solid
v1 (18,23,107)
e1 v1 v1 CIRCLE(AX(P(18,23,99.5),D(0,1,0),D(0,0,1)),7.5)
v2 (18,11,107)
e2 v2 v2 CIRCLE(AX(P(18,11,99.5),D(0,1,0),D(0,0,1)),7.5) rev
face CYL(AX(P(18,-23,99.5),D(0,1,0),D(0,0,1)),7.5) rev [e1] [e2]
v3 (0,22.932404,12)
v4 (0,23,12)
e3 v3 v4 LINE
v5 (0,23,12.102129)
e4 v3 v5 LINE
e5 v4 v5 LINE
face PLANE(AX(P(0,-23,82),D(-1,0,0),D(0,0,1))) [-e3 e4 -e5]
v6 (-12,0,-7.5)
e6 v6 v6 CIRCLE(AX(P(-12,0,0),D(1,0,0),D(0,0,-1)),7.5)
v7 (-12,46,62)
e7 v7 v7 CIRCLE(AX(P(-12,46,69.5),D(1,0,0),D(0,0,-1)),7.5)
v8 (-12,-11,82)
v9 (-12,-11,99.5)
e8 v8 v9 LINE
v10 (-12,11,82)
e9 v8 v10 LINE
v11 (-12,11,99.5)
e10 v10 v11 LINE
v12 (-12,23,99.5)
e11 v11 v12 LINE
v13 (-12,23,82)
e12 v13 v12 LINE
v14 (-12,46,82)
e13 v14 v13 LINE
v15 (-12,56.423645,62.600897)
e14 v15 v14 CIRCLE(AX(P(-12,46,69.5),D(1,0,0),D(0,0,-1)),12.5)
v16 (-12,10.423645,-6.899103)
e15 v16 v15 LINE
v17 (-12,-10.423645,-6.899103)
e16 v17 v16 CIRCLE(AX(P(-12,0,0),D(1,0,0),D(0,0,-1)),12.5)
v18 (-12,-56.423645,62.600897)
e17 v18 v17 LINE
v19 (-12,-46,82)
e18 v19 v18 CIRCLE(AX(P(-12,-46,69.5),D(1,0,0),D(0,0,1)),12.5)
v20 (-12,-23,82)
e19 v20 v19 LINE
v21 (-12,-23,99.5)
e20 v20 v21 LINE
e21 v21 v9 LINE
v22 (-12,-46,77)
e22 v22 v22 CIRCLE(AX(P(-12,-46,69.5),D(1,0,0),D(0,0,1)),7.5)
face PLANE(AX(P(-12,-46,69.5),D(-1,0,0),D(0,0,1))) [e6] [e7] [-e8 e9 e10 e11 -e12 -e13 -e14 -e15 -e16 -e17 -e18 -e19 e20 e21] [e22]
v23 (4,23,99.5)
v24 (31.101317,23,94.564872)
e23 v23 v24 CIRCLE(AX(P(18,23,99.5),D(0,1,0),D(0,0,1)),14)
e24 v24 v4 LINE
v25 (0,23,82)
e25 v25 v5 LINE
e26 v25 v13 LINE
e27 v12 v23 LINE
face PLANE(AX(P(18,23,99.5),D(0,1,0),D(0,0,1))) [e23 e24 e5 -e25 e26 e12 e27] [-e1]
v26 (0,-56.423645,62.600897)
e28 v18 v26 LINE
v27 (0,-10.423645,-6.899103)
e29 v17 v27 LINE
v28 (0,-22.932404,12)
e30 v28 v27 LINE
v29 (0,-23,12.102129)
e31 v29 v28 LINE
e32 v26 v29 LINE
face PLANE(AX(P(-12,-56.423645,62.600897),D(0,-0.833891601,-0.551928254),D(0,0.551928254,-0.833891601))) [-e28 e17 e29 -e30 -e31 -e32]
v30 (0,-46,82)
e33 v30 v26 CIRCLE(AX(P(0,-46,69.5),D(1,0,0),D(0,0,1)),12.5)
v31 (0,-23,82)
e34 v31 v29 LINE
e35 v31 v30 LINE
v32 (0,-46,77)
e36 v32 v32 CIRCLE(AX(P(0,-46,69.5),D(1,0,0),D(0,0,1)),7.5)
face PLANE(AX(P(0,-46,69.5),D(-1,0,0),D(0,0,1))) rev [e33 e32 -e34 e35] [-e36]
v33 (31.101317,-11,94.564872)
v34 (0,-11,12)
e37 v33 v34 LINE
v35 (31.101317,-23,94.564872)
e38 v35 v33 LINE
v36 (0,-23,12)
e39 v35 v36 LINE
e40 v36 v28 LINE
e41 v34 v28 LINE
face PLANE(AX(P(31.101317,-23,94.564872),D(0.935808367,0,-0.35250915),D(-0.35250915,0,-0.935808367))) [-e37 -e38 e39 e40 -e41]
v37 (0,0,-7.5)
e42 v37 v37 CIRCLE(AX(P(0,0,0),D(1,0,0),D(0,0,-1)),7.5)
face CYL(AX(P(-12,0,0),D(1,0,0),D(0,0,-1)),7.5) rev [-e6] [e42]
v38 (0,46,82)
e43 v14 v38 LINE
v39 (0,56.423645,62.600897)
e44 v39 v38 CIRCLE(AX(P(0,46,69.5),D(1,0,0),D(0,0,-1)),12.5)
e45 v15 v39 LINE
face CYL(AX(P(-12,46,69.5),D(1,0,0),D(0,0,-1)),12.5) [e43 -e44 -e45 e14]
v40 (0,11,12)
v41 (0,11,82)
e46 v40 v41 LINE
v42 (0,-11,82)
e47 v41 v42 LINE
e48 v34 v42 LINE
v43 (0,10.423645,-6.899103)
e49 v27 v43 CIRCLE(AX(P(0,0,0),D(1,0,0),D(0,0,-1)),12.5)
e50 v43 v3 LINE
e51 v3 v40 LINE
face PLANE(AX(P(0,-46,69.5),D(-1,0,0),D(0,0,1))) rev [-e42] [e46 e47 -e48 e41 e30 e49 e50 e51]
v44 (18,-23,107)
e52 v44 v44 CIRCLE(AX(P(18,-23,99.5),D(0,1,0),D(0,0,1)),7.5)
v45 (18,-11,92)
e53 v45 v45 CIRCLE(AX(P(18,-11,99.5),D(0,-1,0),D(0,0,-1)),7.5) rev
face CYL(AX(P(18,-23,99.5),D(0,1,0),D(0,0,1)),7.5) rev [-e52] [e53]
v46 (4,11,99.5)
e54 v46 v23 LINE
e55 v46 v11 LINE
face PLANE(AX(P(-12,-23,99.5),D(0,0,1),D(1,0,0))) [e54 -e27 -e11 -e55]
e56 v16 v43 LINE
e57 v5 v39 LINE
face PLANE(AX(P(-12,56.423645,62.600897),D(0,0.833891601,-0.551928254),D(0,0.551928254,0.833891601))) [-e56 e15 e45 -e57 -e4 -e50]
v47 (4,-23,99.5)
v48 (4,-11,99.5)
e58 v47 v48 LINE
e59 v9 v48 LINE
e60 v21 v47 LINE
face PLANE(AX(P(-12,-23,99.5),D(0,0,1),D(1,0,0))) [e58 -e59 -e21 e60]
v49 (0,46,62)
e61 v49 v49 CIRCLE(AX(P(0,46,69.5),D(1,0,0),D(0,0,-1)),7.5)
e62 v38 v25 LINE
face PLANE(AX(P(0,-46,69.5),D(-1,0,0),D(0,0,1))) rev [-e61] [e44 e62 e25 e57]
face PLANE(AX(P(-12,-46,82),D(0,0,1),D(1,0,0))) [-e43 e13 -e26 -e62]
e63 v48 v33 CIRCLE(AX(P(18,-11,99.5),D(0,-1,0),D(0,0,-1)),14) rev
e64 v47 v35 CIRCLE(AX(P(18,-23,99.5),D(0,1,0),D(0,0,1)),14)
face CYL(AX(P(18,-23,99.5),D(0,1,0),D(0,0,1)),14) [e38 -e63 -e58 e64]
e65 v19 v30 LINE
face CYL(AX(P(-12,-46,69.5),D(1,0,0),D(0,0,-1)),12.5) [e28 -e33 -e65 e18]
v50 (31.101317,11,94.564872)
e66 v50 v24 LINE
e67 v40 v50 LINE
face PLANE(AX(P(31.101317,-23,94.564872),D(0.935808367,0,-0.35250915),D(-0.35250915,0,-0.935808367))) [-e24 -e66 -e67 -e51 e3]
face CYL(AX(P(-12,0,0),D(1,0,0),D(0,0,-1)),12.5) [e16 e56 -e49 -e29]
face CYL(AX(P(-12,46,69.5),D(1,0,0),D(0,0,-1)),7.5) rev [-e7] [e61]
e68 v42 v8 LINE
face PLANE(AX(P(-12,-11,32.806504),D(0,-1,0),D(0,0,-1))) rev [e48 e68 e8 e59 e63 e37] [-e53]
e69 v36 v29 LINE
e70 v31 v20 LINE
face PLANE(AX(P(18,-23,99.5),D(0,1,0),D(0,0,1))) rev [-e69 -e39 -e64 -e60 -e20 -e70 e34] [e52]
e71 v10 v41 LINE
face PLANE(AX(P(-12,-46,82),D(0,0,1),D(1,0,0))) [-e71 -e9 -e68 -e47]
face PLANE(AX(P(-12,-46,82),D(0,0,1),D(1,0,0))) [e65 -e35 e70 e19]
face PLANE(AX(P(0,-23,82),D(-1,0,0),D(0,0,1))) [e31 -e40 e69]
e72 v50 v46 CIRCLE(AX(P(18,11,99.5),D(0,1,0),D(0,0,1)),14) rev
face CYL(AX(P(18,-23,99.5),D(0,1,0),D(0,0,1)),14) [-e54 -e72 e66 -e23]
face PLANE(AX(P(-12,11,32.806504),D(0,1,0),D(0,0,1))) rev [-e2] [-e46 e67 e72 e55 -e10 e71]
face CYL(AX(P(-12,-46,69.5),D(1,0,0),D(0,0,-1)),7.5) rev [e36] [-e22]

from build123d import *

# Parameters (mm, degrees)
SKETCH1_R               = 7.5
BOSS_EXTRUDE1_DEPTH     = 12
SKETCH2_R               = 7.5
BOSS_EXTRUDE2_DEPTH     = 23
CUT_EXTRUDE1_REACH      = 132.347
SKETCH3_W               = 44
SKETCH3_H               = 22
CUT_EXTRUDE2_DEPTH      = 116.656819946
CUT_EXTRUDE2_DEPTH_BACK = 116.656819946
SKETCH4_W               = 28
SKETCH4_H               = 22
CUT_EXTRUDE3_DEPTH      = 116.656819946
CUT_EXTRUDE3_DEPTH_BACK = 116.656819946
SKETCH5_W               = 4
SKETCH5_H               = 22


with BuildPart() as part:
    # Sketch1 → Boss-Extrude1 (new body)
    with BuildSketch(Plane.YZ):
        with BuildLine():
            Line((-46, 82), (46, 82))
            ThreePointArc((46, 82), (57.011103253, 75.416553486), (56.423645014, 62.600896825))
            Line((56.423645014, 62.600896825), (10.423645014, -6.899103175))
            ThreePointArc((10.423645014, -6.899103175), (0, -12.5), (-10.423645014, -6.899103175))
            Line((-10.423645014, -6.899103175), (-56.423645014, 62.600896825))
            ThreePointArc((-56.423645014, 62.600896825), (-57.011103253, 75.416553486), (-46, 82))
        make_face()
        with Locations(Location((0, 0, 0), (0, 0, 270))):
            Circle(SKETCH1_R, mode=Mode.SUBTRACT)
        with Locations(Location((46, 69.5, 0), (0, 0, 270))):
            Circle(SKETCH1_R, mode=Mode.SUBTRACT)
        with Locations(Location((-46, 69.5, 0), (0, 0, 90))):
            Circle(SKETCH1_R, mode=Mode.SUBTRACT)
    extrude(amount=-BOSS_EXTRUDE1_DEPTH)

    # Sketch2 → Boss-Extrude2 (add, symmetric)
    with BuildSketch(Plane(origin=(0, 0, 0), x_dir=(-1, 0, 0), z_dir=(0, 1, 0))):
        with BuildLine():
            Line((12, 99.5), (-4, 99.5))
            ThreePointArc((-4, 99.5), (-20.50814275, 113.273497012), (-31.101317135, 94.564871904))
            Line((-31.101317135, 94.564871904), (0, 12))
            Line((0, 12), (0, 82))
            Line((0, 82), (12, 82))
            Line((12, 82), (12, 99.5))
        make_face()
        with Locations(Location((-18, 99.5, 0), (0, 0, 90))):
            Circle(SKETCH2_R, mode=Mode.SUBTRACT)
    extrude(amount=BOSS_EXTRUDE2_DEPTH, both=True)

    # Cut-Extrude1: up to this face of the body (flat: up to its plane)
    cut_extrude1_end = Plane(part.part.faces().sort_by_distance((-6, -34.5, 82))[0])
    # Sketch3 → Cut-Extrude1 (cut, up to the picked face)
    with BuildSketch(Plane.XY.offset(99.5), mode=Mode.PRIVATE) as cut_extrude1_sk1:
        with Locations((10, 0)):
            Rectangle(SKETCH3_W, SKETCH3_H)
    cut_extrude1_tool1 = split(extrude(cut_extrude1_sk1.sketch, amount=-CUT_EXTRUDE1_REACH, mode=Mode.PRIVATE), bisect_by=cut_extrude1_end, keep=Keep.BOTH, mode=Mode.PRIVATE)
    add(cut_extrude1_tool1.solids().sort_by(Axis((10, 0, 99.5), (0, 0, -1)))[0], mode=Mode.SUBTRACT)

    # Sketch4 → Cut-Extrude2 (cut, two sides: drawn at the far end of the back side and taken through both)
    with BuildSketch(Plane.XY.offset(82).offset(-CUT_EXTRUDE2_DEPTH_BACK)):
        with Locations((18, 0)):
            Rectangle(SKETCH4_W, SKETCH4_H)
    extrude(amount=CUT_EXTRUDE2_DEPTH + CUT_EXTRUDE2_DEPTH_BACK, mode=Mode.SUBTRACT)

    # Sketch5 → Cut-Extrude3 (cut, two sides: drawn at the far end of the back side and taken through both)
    with BuildSketch(Plane.XY.offset(82).offset(-CUT_EXTRUDE3_DEPTH_BACK)):
        with Locations((2, 0)):
            Rectangle(SKETCH5_W, SKETCH5_H)
    extrude(amount=CUT_EXTRUDE3_DEPTH + CUT_EXTRUDE3_DEPTH_BACK, mode=Mode.SUBTRACT)


solid = part.part
